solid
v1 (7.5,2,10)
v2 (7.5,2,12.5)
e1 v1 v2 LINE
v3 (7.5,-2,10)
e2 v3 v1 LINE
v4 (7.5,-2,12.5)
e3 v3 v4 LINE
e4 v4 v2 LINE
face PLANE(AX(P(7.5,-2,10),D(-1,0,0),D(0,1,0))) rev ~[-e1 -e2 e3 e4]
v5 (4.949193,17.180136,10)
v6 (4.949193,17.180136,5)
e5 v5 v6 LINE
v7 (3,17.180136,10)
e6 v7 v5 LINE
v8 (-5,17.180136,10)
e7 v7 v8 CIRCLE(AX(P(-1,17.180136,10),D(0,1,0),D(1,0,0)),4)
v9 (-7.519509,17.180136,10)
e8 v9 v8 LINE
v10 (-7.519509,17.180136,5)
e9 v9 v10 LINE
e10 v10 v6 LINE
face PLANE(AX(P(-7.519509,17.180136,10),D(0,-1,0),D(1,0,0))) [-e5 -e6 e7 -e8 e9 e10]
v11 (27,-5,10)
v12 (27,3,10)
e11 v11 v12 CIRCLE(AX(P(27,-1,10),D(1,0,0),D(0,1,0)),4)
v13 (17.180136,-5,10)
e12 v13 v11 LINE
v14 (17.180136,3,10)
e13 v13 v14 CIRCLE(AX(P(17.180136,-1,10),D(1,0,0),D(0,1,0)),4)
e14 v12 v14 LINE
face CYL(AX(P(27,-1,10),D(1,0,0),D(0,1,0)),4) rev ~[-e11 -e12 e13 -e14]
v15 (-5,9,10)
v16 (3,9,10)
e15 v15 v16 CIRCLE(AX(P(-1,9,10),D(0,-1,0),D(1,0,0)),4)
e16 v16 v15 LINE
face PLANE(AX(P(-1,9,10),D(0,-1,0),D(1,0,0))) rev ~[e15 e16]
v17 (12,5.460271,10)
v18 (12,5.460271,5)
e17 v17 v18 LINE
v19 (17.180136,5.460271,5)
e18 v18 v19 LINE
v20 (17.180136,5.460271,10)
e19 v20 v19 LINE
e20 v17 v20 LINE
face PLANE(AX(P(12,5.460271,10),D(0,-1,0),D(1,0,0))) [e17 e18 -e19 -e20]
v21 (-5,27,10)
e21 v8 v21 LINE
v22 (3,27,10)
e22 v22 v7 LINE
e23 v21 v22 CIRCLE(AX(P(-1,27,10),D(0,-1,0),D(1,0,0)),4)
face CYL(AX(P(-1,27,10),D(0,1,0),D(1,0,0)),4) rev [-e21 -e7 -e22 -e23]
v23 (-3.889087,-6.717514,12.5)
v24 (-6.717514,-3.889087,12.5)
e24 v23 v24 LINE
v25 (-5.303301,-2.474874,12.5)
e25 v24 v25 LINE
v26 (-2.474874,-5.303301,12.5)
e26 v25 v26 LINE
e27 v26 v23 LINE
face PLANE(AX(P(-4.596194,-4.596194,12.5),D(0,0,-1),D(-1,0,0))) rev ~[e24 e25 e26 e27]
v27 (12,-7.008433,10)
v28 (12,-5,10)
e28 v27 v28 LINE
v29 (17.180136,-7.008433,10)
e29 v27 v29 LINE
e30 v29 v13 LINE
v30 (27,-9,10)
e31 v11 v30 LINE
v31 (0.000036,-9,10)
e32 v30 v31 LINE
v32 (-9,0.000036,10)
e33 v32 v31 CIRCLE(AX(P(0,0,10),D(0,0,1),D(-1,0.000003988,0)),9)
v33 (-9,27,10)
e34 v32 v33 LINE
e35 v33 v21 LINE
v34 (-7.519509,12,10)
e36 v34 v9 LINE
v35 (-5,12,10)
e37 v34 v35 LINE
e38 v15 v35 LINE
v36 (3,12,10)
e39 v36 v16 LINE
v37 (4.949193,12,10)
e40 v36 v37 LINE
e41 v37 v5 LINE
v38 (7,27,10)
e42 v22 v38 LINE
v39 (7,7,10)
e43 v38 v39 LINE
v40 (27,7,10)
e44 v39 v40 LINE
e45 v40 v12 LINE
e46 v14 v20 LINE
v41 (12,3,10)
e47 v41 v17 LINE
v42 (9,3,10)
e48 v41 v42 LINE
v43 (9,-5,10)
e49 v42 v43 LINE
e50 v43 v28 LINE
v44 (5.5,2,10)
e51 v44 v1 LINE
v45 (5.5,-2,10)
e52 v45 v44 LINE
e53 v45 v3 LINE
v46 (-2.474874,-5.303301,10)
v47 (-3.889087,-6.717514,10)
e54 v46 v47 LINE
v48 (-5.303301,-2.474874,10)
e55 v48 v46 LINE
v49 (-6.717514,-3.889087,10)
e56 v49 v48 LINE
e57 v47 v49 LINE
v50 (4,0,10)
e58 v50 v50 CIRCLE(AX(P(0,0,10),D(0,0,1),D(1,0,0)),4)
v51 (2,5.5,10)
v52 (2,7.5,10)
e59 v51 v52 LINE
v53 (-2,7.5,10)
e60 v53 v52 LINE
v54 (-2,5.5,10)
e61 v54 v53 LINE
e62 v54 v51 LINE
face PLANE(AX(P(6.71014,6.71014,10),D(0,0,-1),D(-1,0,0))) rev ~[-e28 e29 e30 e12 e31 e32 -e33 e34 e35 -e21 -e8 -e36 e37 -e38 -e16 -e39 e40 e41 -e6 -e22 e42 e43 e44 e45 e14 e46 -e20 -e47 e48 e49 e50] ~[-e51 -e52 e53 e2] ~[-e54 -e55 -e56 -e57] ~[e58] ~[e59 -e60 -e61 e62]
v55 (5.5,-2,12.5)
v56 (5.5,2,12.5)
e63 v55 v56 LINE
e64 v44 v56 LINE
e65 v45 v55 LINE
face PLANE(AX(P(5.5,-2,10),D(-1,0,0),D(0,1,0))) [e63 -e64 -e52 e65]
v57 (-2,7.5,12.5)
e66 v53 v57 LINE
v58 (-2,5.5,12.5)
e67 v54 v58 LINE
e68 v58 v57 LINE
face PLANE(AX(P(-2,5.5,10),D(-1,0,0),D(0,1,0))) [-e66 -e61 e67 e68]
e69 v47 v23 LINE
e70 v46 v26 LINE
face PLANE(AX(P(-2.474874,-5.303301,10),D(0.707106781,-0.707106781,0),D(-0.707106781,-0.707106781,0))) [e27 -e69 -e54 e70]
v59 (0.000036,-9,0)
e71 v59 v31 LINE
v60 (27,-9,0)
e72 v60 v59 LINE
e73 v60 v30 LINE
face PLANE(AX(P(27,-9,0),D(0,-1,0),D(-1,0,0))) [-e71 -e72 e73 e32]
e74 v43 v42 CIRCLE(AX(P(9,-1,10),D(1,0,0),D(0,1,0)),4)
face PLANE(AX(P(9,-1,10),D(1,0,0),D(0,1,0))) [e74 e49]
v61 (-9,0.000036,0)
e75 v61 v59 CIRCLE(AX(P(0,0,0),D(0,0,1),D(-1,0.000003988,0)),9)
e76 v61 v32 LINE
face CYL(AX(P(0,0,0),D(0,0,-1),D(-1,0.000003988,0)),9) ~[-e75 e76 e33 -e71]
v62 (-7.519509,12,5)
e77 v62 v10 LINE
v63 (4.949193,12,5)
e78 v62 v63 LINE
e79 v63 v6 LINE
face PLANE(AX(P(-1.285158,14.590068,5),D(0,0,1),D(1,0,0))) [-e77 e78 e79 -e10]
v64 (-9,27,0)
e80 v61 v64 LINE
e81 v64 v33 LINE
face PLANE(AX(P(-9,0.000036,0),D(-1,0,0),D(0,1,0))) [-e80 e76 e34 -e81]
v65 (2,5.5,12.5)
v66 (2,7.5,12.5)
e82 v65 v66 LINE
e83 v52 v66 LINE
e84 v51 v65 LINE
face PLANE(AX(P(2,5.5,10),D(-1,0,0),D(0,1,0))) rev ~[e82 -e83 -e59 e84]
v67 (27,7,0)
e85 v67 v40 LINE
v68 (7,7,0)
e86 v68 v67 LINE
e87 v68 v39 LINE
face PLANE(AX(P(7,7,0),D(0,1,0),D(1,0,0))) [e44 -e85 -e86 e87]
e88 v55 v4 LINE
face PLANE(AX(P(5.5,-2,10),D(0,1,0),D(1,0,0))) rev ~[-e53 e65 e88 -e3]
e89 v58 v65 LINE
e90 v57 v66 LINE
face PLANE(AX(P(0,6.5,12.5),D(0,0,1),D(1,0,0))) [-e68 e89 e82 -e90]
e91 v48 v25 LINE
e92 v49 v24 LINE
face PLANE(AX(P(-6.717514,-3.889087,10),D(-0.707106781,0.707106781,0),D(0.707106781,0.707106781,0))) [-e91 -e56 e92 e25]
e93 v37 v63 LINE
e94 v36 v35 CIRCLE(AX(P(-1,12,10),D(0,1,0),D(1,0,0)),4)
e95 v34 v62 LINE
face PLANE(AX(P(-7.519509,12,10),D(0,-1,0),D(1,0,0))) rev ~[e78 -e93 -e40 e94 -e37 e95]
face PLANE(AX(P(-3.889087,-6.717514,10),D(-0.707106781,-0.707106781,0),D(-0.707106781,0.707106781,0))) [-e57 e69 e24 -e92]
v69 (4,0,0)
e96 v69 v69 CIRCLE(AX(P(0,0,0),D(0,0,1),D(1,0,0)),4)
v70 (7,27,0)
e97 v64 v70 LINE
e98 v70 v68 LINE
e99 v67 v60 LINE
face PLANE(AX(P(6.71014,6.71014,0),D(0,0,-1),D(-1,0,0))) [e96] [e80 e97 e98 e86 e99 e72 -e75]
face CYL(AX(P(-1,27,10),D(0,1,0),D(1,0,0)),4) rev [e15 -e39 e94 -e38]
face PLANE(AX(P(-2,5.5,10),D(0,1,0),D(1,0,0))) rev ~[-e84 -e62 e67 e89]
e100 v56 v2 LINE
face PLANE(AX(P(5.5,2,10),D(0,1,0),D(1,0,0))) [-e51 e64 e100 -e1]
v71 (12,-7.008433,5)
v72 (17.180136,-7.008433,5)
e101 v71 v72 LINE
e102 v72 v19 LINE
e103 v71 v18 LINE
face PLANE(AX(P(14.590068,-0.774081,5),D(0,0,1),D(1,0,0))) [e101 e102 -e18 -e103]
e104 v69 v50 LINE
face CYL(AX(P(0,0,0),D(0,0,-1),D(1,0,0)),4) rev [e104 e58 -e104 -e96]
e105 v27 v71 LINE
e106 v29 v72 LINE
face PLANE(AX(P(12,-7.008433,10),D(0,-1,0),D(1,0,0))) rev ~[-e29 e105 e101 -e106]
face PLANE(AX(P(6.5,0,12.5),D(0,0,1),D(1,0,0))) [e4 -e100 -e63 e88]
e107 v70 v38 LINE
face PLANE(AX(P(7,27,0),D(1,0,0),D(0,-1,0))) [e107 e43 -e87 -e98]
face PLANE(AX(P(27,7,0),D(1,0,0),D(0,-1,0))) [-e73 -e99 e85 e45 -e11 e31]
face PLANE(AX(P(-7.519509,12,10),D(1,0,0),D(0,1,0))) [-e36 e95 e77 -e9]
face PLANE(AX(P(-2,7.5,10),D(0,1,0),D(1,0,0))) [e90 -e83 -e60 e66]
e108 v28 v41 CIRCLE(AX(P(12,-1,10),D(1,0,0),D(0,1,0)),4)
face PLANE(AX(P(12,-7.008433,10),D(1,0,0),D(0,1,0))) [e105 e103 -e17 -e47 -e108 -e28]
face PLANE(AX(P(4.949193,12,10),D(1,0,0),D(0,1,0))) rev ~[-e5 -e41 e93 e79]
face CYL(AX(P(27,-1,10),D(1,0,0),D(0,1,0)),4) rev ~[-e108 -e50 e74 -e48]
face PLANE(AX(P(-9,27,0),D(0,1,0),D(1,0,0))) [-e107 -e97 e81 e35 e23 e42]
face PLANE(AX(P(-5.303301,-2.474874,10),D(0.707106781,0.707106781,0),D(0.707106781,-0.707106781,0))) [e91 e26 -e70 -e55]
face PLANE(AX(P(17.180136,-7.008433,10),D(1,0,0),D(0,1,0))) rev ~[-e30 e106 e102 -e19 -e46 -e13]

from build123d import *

# Parameters (mm, degrees)
SKETCH002_R   = 4
PAD002_DEPTH  = 18
SKETCH001_R   = 4
PAD001_DEPTH  = 18
SKETCH003_W   = 12.468703
SKETCH003_H   = 5.180136
SKETCH003_W_2 = 5.180136
SKETCH003_H_2 = 12.468704
PAD003_DEPTH  = 5
SKETCH004_W   = 4
SKETCH004_H   = 2
SKETCH004_W_2 = 2
SKETCH004_H_2 = 4
PAD004_DEPTH  = 2.5
SKETCH_R      = 4
PAD_DEPTH     = 10


with BuildPart() as mount002:
    # Sketch002 → Pad002 (new body)
    with BuildSketch(Plane.XZ.offset(-27)):
        with Locations((-1, 10)):
            Circle(SKETCH002_R)
    extrude(amount=PAD002_DEPTH)


with BuildPart() as mount001:
    # Sketch001 → Pad001 (new body)
    with BuildSketch(Plane.YZ.offset(27)):
        with Locations((-1, 10)):
            Circle(SKETCH001_R)
    extrude(amount=-PAD001_DEPTH)


with BuildPart() as cutblock:
    # Sketch003 → Pad003 (new body)
    with BuildSketch(Plane.XY.offset(10)):
        with Locations((-1.285158, 14.590068)):
            Rectangle(SKETCH003_W, SKETCH003_H)
        with Locations((14.590068, -0.774081)):
            Rectangle(SKETCH003_W_2, SKETCH003_H_2)
    extrude(amount=-PAD003_DEPTH)

    # Fusion001: union Mount002, Mount001
    add(mount002.part)
    add(mount001.part)


with BuildPart() as clip:
    # Sketch004 → Pad004 (new body)
    with BuildSketch(Plane.XY.offset(10)):
        with Locations((0, 6.5)):
            Rectangle(SKETCH004_W, SKETCH004_H)
        with Locations((6.5, 0)):
            Rectangle(SKETCH004_W_2, SKETCH004_H_2)
        Polygon((-6.717514, -3.889087), (-5.303301, -2.474874), (-2.474874, -5.303301), (-3.889087, -6.717514), align=None)
    extrude(amount=PAD004_DEPTH)


with BuildPart() as cut:
    # Sketch → Pad (new body)
    with BuildSketch(Plane.XY):
        with BuildLine():
            Line((-9, 3.6e-05), (-9, 27))
            Line((-9, 27), (7, 27))
            Line((7, 27), (7, 7))
            Line((7, 7), (27, 7))
            Line((27, 7), (27, -9))
            Line((27, -9), (3.6e-05, -9))
            ThreePointArc((-9, 3.6e-05), (-6.363961, -6.363961), (3.6e-05, -9))
        make_face()
        Circle(SKETCH_R, mode=Mode.SUBTRACT)
    extrude(amount=PAD_DEPTH)

    # Fusion: union Clip
    add(clip.part)

    # Cut: cut CutBlock
    add(cutblock.part, mode=Mode.SUBTRACT)


solid = cut.part
